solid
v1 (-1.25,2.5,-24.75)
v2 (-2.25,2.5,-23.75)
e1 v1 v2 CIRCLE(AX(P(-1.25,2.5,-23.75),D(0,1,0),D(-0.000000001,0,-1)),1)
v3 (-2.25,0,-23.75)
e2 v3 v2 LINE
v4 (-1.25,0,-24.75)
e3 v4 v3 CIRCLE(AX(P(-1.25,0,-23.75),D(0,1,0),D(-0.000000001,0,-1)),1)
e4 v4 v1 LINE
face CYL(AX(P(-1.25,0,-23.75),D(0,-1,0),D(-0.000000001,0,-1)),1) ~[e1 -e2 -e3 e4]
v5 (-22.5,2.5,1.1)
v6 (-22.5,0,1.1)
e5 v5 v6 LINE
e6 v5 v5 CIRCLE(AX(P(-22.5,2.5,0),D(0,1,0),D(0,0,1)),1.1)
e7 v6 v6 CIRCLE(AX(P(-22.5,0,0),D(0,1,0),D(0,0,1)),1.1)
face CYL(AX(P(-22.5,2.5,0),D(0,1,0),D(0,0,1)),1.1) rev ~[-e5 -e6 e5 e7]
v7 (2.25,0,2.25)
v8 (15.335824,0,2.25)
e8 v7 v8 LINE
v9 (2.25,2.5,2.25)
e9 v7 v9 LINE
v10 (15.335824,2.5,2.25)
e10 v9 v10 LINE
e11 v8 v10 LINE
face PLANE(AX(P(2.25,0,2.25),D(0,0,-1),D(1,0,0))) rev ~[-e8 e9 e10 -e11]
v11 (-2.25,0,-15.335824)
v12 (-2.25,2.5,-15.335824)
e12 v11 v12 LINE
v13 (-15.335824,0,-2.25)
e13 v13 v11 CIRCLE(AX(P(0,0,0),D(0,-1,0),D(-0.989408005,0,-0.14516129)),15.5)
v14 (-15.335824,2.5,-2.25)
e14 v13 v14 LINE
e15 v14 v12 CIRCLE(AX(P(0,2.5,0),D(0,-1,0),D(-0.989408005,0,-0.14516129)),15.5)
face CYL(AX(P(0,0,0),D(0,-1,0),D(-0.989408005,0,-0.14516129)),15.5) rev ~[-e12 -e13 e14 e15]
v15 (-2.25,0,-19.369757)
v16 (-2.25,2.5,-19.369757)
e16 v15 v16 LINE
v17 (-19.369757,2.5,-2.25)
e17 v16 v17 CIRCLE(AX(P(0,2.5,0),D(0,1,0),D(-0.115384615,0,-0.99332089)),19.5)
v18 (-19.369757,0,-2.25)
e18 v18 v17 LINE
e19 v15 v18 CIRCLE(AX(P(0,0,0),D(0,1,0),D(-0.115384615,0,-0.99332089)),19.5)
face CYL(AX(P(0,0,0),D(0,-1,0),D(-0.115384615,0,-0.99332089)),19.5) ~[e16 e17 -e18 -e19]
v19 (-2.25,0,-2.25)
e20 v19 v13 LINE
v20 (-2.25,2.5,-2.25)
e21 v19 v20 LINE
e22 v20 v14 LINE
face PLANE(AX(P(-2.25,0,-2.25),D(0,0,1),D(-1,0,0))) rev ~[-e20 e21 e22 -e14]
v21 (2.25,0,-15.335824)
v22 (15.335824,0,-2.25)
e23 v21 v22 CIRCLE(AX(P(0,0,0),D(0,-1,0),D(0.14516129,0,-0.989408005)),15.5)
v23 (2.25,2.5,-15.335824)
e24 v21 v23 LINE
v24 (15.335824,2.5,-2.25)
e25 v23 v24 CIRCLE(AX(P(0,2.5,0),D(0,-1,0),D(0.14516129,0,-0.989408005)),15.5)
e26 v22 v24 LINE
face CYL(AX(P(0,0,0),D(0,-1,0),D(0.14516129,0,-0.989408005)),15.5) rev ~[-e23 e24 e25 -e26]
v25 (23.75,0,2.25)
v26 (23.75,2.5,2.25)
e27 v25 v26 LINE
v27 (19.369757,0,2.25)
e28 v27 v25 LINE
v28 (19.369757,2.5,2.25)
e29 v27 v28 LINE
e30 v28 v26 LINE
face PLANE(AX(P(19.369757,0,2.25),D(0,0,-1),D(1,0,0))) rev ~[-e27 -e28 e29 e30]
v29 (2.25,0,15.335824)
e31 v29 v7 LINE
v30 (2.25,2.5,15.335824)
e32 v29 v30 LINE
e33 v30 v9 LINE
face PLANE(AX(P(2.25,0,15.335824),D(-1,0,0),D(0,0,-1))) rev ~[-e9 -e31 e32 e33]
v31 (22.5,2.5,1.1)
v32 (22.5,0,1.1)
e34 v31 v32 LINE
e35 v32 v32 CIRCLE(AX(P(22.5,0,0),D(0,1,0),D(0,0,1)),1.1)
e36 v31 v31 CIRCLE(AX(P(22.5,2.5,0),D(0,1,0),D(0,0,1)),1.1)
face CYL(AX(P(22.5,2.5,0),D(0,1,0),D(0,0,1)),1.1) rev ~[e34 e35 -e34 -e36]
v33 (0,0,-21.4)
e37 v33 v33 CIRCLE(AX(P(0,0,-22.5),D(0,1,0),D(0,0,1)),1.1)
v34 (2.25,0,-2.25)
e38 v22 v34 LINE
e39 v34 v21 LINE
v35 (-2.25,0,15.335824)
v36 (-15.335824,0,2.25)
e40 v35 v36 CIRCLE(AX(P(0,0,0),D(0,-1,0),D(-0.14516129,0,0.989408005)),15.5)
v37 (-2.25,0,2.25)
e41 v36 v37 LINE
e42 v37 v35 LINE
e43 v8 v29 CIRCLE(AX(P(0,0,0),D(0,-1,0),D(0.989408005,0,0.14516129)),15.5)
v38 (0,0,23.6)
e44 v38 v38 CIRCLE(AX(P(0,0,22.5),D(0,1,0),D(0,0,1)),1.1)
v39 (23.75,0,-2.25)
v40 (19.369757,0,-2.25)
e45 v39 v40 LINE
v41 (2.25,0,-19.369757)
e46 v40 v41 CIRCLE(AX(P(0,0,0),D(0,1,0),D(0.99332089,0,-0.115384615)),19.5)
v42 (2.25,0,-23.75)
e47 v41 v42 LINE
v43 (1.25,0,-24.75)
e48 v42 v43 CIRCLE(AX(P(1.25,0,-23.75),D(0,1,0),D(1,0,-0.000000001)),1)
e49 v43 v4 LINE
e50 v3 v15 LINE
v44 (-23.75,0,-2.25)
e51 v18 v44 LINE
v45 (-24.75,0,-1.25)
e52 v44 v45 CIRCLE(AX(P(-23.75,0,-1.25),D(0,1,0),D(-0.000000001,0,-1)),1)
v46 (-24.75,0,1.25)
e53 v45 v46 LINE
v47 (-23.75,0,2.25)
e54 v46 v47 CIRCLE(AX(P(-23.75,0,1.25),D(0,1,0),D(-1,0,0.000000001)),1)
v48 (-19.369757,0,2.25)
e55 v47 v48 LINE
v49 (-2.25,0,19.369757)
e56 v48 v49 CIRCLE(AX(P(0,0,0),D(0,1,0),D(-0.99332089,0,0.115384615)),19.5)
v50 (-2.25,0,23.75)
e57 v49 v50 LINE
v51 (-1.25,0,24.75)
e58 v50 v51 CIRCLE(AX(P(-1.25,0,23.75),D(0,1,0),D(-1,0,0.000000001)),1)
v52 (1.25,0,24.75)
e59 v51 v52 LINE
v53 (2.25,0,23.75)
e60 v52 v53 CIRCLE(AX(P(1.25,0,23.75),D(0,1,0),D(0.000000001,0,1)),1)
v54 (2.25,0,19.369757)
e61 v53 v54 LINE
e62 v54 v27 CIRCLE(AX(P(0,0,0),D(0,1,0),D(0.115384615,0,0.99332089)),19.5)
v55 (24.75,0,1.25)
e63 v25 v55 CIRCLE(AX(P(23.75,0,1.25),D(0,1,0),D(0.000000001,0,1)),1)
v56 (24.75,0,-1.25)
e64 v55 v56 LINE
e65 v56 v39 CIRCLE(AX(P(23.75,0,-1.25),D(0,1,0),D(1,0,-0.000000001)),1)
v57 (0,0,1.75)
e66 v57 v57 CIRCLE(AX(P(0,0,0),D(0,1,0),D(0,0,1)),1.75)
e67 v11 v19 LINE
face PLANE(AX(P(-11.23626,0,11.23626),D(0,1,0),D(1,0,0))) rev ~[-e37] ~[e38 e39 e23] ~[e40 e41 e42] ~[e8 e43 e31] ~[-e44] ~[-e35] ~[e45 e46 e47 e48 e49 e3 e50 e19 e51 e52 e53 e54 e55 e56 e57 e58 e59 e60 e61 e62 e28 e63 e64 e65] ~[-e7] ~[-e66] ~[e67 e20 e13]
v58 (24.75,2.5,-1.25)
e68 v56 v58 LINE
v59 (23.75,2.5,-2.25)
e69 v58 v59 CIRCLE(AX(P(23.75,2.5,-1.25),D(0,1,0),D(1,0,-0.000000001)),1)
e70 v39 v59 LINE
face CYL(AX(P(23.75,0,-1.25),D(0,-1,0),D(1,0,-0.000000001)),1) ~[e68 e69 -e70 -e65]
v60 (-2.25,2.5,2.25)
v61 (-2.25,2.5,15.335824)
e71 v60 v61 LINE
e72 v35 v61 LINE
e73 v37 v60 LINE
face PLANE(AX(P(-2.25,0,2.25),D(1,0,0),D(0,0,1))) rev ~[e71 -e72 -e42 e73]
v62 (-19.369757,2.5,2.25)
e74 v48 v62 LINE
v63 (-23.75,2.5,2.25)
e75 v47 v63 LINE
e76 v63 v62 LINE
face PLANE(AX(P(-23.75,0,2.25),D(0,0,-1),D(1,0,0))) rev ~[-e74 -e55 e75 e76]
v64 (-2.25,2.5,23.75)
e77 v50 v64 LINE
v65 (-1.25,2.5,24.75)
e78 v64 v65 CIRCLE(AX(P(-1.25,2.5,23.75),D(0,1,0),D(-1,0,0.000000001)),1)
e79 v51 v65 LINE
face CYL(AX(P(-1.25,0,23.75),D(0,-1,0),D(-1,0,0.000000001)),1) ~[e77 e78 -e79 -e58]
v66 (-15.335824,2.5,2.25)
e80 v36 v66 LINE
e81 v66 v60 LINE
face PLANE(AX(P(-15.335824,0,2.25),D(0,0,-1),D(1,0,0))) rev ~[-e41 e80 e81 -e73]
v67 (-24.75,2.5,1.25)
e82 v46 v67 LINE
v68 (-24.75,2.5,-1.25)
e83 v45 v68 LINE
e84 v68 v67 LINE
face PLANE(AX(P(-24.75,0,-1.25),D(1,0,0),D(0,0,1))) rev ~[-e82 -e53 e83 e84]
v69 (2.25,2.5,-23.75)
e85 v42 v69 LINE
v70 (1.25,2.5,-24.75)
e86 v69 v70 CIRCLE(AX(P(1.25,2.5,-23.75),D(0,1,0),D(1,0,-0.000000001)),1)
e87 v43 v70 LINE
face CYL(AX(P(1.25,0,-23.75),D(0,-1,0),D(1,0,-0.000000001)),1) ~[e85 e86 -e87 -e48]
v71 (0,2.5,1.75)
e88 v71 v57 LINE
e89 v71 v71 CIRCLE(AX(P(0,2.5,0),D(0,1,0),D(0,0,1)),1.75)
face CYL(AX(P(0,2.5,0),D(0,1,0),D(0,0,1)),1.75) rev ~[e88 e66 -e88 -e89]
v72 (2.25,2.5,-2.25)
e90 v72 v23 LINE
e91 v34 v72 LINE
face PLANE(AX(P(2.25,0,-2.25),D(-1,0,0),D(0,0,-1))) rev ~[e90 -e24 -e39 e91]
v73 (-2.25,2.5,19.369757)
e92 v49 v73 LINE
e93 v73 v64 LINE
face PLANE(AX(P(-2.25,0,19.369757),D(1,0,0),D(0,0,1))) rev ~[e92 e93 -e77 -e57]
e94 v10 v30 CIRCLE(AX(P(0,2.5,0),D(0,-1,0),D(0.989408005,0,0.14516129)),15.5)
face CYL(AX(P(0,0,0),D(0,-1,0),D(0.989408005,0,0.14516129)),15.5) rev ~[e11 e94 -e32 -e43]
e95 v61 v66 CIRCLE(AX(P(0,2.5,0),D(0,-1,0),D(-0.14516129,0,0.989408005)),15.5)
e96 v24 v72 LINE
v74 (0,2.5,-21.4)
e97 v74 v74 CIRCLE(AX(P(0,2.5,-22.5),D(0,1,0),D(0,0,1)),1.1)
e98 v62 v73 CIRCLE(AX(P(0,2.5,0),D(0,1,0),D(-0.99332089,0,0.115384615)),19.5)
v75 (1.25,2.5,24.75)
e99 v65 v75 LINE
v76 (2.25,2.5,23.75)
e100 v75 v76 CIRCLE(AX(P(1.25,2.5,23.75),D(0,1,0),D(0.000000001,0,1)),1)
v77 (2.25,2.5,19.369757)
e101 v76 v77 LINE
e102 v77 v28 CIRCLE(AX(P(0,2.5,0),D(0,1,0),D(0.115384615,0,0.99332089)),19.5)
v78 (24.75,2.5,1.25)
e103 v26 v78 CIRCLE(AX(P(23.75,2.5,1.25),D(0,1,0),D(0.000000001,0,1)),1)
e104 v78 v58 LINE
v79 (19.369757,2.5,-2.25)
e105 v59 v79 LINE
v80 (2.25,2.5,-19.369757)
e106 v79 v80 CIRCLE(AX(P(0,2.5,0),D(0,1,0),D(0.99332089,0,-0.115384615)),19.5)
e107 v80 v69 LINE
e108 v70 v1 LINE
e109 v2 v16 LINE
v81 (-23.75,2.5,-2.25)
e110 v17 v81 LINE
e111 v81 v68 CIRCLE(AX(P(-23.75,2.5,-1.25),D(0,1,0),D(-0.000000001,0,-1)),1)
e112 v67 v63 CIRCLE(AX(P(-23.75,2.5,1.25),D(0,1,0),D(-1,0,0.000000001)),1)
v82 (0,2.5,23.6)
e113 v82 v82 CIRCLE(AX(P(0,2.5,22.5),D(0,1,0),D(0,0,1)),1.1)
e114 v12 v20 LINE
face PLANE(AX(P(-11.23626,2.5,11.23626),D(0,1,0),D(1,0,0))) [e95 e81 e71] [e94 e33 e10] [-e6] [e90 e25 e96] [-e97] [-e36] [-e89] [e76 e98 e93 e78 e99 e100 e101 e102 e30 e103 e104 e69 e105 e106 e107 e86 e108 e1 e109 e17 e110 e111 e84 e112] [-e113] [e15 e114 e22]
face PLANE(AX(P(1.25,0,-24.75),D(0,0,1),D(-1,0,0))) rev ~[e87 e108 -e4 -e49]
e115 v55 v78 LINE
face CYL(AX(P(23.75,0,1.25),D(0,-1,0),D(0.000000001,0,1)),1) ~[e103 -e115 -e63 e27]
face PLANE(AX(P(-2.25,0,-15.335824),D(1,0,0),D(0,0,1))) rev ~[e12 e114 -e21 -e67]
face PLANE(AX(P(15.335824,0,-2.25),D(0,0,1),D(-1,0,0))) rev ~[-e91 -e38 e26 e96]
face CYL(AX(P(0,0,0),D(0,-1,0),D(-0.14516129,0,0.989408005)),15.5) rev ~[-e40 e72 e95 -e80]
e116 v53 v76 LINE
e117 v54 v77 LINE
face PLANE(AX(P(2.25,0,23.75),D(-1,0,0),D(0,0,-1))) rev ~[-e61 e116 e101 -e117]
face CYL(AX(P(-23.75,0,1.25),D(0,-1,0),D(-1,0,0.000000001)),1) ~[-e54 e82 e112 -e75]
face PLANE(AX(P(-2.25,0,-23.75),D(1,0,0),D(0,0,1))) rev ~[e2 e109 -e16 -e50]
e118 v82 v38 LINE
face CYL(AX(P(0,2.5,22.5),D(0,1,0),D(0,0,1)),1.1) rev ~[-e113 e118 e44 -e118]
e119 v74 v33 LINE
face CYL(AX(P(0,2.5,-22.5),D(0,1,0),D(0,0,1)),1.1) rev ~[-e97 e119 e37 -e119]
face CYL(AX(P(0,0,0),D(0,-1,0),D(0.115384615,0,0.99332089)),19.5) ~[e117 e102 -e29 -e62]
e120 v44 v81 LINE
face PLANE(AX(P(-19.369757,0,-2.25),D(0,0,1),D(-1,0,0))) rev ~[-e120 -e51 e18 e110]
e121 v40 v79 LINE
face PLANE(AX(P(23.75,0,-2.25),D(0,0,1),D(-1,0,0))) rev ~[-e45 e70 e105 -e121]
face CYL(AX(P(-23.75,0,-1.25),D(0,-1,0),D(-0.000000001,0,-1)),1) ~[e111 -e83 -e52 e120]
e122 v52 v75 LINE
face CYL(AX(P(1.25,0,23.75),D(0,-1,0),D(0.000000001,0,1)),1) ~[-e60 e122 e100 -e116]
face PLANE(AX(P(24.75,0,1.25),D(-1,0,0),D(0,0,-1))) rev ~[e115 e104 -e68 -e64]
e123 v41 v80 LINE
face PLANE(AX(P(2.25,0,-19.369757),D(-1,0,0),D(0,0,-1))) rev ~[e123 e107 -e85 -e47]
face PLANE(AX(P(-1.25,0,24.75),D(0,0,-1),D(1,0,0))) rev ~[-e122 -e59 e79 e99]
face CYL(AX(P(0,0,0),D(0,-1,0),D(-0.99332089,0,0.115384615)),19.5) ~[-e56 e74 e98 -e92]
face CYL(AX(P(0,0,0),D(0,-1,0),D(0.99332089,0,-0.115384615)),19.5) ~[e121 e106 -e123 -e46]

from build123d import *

# Parameters (mm, degrees)
CROQUIS1_W              = 4.5
CROQUIS1_H              = 4.5
SALIENTE_EXTRUIR1_DEPTH = 2.5
CROQUIS2_R              = 1.75
CROQUIS2_R_2            = 1.1
CORTAR_EXTRUIR1_DEPTH   = 2.5


with BuildPart() as part:
    # Croquis1 → Saliente-Extruir1 (new body)
    with BuildSketch(Plane(origin=(0, 0, 0), x_dir=(1, 0, 0), z_dir=(0, 1, 0))):
        with BuildLine():
            ThreePointArc((-19.369757355, -2.25), (-13.788582233, -13.788582233), (-2.25, -19.369757355))
            Line((-2.25, -19.369757355), (-2.25, -15.335824073))
            ThreePointArc((-2.25, -15.335824073), (-10.960155108, -10.960155108), (-15.335824073, -2.25))
            Line((-15.335824073, -2.25), (-19.369757355, -2.25))
        make_face()
        with BuildLine():
            Line((-23.75, -2.25), (-19.369757355, -2.25))
            ThreePointArc((-19.369757355, -2.25), (-19.5, 0), (-19.369757355, 2.25))
            Line((-19.369757355, 2.25), (-23.75, 2.25))
            ThreePointArc((-23.75, 2.25), (-24.457106781, 1.957106781), (-24.75, 1.25))
            Line((-24.75, 1.25), (-24.75, -1.25))
            ThreePointArc((-24.75, -1.25), (-24.457106781, -1.957106781), (-23.75, -2.25))
        make_face()
        with BuildLine():
            Line((15.335824073, -2.25), (19.369757355, -2.25))
            ThreePointArc((19.369757355, -2.25), (19.467412109, -1.126883218), (19.5, 0))
            ThreePointArc((19.5, 0), (19.467412109, 1.126883218), (19.369757355, 2.25))
            Line((19.369757355, 2.25), (15.335824073, 2.25))
            ThreePointArc((15.335824073, 2.25), (15.458901532, 1.127990884), (15.5, 0))
            ThreePointArc((15.5, 0), (15.458901532, -1.127990884), (15.335824073, -2.25))
        make_face()
        with BuildLine():
            ThreePointArc((-19.369757355, 2.25), (-19.5, 0), (-19.369757355, -2.25))
            Line((-19.369757355, -2.25), (-15.335824073, -2.25))
            ThreePointArc((-15.335824073, -2.25), (-15.5, 0), (-15.335824073, 2.25))
            Line((-15.335824073, 2.25), (-19.369757355, 2.25))
        make_face()
        with BuildLine():
            Line((-2.25, 23.75), (-2.25, 19.369757355))
            ThreePointArc((-2.25, 19.369757355), (0, 19.5), (2.25, 19.369757355))
            Line((2.25, 19.369757355), (2.25, 23.75))
            ThreePointArc((2.25, 23.75), (1.957106781, 24.457106781), (1.25, 24.75))
            Line((1.25, 24.75), (-1.25, 24.75))
            ThreePointArc((-1.25, 24.75), (-1.957106781, 24.457106781), (-2.25, 23.75))
        make_face()
        with BuildLine():
            ThreePointArc((-2.25, 19.369757355), (-13.788582233, 13.788582233), (-19.369757355, 2.25))
            Line((-19.369757355, 2.25), (-15.335824073, 2.25))
            ThreePointArc((-15.335824073, 2.25), (-10.960155108, 10.960155108), (-2.25, 15.335824073))
            Line((-2.25, 15.335824073), (-2.25, 19.369757355))
        make_face()
        with BuildLine():
            ThreePointArc((-2.25, -19.369757355), (0, -19.5), (2.25, -19.369757355))
            Line((2.25, -19.369757355), (2.25, -15.335824073))
            ThreePointArc((2.25, -15.335824073), (0, -15.5), (-2.25, -15.335824073))
            Line((-2.25, -15.335824073), (-2.25, -19.369757355))
        make_face()
        with BuildLine():
            ThreePointArc((2.25, 19.369757355), (0, 19.5), (-2.25, 19.369757355))
            Line((-2.25, 19.369757355), (-2.25, 15.335824073))
            ThreePointArc((-2.25, 15.335824073), (0, 15.5), (2.25, 15.335824073))
            Line((2.25, 15.335824073), (2.25, 19.369757355))
        make_face()
        with BuildLine():
            Line((15.335824073, 2.25), (19.369757355, 2.25))
            ThreePointArc((19.369757355, 2.25), (13.788582233, 13.788582233), (2.25, 19.369757355))
            Line((2.25, 19.369757355), (2.25, 15.335824073))
            ThreePointArc((2.25, 15.335824073), (10.960155108, 10.960155108), (15.335824073, 2.25))
        make_face()
        with BuildLine():
            ThreePointArc((19.5, 0), (19.467412109, -1.126883218), (19.369757355, -2.25))
            Line((19.369757355, -2.25), (23.75, -2.25))
            ThreePointArc((23.75, -2.25), (24.457106781, -1.957106781), (24.75, -1.25))
            Line((24.75, -1.25), (24.75, 1.25))
            ThreePointArc((24.75, 1.25), (24.457106781, 1.957106781), (23.75, 2.25))
            Line((23.75, 2.25), (19.369757355, 2.25))
            ThreePointArc((19.369757355, 2.25), (19.467412109, 1.126883218), (19.5, 0))
        make_face()
        with BuildLine():
            Line((-1.25, -24.75), (1.25, -24.75))
            ThreePointArc((1.25, -24.75), (1.957106781, -24.457106781), (2.25, -23.75))
            Line((2.25, -23.75), (2.25, -19.369757355))
            ThreePointArc((2.25, -19.369757355), (0, -19.5), (-2.25, -19.369757355))
            Line((-2.25, -19.369757355), (-2.25, -23.75))
            ThreePointArc((-2.25, -23.75), (-1.957106781, -24.457106781), (-1.25, -24.75))
        make_face()
        with BuildLine():
            Line((2.25, -15.335824073), (2.25, -19.369757355))
            ThreePointArc((2.25, -19.369757355), (13.788582233, -13.788582233), (19.369757355, -2.25))
            Line((19.369757355, -2.25), (15.335824073, -2.25))
            ThreePointArc((15.335824073, -2.25), (10.960155108, -10.960155108), (2.25, -15.335824073))
        make_face()
        with BuildLine():
            ThreePointArc((-2.25, -15.335824073), (0, -15.5), (2.25, -15.335824073))
            Line((2.25, -15.335824073), (2.25, -2.25))
            Line((2.25, -2.25), (-2.25, -2.25))
            Line((-2.25, -2.25), (-2.25, -15.335824073))
        make_face()
        with BuildLine():
            Line((-15.335824073, -2.25), (-2.25, -2.25))
            Line((-2.25, -2.25), (-2.25, 2.25))
            Line((-2.25, 2.25), (-15.335824073, 2.25))
            ThreePointArc((-15.335824073, 2.25), (-15.5, 0), (-15.335824073, -2.25))
        make_face()
        with BuildLine():
            Line((-2.25, 2.25), (2.25, 2.25))
            Line((2.25, 2.25), (2.25, 15.335824073))
            ThreePointArc((2.25, 15.335824073), (0, 15.5), (-2.25, 15.335824073))
            Line((-2.25, 15.335824073), (-2.25, 2.25))
        make_face()
        Rectangle(CROQUIS1_W, CROQUIS1_H)
        with BuildLine():
            Line((2.25, 2.25), (2.25, -2.25))
            Line((2.25, -2.25), (15.335824073, -2.25))
            ThreePointArc((15.335824073, -2.25), (15.458901532, -1.127990884), (15.5, 0))
            ThreePointArc((15.5, 0), (15.458901532, 1.127990884), (15.335824073, 2.25))
            Line((15.335824073, 2.25), (2.25, 2.25))
        make_face()
    extrude(amount=SALIENTE_EXTRUIR1_DEPTH)

    # Croquis2 → Cortar-Extruir1 (cut)
    with BuildSketch(Plane(origin=(0, 2.5, 0), x_dir=(1, 0, 0), z_dir=(0, 1, 0))):
        with Locations(Location((0, 0, 0), (0, 0, 270))):
            Circle(CROQUIS2_R)
        with Locations(Location((-22.5, 0, 0), (0, 0, 270))):
            Circle(CROQUIS2_R_2)
        with Locations(Location((0, 22.5, 0), (0, 0, 270))):
            Circle(CROQUIS2_R_2)
        with Locations(Location((22.5, 0, 0), (0, 0, 270))):
            Circle(CROQUIS2_R_2)
        with Locations(Location((0, -22.5, 0), (0, 0, 270))):
            Circle(CROQUIS2_R_2)
    extrude(amount=-CORTAR_EXTRUIR1_DEPTH, mode=Mode.SUBTRACT)


solid = part.part
